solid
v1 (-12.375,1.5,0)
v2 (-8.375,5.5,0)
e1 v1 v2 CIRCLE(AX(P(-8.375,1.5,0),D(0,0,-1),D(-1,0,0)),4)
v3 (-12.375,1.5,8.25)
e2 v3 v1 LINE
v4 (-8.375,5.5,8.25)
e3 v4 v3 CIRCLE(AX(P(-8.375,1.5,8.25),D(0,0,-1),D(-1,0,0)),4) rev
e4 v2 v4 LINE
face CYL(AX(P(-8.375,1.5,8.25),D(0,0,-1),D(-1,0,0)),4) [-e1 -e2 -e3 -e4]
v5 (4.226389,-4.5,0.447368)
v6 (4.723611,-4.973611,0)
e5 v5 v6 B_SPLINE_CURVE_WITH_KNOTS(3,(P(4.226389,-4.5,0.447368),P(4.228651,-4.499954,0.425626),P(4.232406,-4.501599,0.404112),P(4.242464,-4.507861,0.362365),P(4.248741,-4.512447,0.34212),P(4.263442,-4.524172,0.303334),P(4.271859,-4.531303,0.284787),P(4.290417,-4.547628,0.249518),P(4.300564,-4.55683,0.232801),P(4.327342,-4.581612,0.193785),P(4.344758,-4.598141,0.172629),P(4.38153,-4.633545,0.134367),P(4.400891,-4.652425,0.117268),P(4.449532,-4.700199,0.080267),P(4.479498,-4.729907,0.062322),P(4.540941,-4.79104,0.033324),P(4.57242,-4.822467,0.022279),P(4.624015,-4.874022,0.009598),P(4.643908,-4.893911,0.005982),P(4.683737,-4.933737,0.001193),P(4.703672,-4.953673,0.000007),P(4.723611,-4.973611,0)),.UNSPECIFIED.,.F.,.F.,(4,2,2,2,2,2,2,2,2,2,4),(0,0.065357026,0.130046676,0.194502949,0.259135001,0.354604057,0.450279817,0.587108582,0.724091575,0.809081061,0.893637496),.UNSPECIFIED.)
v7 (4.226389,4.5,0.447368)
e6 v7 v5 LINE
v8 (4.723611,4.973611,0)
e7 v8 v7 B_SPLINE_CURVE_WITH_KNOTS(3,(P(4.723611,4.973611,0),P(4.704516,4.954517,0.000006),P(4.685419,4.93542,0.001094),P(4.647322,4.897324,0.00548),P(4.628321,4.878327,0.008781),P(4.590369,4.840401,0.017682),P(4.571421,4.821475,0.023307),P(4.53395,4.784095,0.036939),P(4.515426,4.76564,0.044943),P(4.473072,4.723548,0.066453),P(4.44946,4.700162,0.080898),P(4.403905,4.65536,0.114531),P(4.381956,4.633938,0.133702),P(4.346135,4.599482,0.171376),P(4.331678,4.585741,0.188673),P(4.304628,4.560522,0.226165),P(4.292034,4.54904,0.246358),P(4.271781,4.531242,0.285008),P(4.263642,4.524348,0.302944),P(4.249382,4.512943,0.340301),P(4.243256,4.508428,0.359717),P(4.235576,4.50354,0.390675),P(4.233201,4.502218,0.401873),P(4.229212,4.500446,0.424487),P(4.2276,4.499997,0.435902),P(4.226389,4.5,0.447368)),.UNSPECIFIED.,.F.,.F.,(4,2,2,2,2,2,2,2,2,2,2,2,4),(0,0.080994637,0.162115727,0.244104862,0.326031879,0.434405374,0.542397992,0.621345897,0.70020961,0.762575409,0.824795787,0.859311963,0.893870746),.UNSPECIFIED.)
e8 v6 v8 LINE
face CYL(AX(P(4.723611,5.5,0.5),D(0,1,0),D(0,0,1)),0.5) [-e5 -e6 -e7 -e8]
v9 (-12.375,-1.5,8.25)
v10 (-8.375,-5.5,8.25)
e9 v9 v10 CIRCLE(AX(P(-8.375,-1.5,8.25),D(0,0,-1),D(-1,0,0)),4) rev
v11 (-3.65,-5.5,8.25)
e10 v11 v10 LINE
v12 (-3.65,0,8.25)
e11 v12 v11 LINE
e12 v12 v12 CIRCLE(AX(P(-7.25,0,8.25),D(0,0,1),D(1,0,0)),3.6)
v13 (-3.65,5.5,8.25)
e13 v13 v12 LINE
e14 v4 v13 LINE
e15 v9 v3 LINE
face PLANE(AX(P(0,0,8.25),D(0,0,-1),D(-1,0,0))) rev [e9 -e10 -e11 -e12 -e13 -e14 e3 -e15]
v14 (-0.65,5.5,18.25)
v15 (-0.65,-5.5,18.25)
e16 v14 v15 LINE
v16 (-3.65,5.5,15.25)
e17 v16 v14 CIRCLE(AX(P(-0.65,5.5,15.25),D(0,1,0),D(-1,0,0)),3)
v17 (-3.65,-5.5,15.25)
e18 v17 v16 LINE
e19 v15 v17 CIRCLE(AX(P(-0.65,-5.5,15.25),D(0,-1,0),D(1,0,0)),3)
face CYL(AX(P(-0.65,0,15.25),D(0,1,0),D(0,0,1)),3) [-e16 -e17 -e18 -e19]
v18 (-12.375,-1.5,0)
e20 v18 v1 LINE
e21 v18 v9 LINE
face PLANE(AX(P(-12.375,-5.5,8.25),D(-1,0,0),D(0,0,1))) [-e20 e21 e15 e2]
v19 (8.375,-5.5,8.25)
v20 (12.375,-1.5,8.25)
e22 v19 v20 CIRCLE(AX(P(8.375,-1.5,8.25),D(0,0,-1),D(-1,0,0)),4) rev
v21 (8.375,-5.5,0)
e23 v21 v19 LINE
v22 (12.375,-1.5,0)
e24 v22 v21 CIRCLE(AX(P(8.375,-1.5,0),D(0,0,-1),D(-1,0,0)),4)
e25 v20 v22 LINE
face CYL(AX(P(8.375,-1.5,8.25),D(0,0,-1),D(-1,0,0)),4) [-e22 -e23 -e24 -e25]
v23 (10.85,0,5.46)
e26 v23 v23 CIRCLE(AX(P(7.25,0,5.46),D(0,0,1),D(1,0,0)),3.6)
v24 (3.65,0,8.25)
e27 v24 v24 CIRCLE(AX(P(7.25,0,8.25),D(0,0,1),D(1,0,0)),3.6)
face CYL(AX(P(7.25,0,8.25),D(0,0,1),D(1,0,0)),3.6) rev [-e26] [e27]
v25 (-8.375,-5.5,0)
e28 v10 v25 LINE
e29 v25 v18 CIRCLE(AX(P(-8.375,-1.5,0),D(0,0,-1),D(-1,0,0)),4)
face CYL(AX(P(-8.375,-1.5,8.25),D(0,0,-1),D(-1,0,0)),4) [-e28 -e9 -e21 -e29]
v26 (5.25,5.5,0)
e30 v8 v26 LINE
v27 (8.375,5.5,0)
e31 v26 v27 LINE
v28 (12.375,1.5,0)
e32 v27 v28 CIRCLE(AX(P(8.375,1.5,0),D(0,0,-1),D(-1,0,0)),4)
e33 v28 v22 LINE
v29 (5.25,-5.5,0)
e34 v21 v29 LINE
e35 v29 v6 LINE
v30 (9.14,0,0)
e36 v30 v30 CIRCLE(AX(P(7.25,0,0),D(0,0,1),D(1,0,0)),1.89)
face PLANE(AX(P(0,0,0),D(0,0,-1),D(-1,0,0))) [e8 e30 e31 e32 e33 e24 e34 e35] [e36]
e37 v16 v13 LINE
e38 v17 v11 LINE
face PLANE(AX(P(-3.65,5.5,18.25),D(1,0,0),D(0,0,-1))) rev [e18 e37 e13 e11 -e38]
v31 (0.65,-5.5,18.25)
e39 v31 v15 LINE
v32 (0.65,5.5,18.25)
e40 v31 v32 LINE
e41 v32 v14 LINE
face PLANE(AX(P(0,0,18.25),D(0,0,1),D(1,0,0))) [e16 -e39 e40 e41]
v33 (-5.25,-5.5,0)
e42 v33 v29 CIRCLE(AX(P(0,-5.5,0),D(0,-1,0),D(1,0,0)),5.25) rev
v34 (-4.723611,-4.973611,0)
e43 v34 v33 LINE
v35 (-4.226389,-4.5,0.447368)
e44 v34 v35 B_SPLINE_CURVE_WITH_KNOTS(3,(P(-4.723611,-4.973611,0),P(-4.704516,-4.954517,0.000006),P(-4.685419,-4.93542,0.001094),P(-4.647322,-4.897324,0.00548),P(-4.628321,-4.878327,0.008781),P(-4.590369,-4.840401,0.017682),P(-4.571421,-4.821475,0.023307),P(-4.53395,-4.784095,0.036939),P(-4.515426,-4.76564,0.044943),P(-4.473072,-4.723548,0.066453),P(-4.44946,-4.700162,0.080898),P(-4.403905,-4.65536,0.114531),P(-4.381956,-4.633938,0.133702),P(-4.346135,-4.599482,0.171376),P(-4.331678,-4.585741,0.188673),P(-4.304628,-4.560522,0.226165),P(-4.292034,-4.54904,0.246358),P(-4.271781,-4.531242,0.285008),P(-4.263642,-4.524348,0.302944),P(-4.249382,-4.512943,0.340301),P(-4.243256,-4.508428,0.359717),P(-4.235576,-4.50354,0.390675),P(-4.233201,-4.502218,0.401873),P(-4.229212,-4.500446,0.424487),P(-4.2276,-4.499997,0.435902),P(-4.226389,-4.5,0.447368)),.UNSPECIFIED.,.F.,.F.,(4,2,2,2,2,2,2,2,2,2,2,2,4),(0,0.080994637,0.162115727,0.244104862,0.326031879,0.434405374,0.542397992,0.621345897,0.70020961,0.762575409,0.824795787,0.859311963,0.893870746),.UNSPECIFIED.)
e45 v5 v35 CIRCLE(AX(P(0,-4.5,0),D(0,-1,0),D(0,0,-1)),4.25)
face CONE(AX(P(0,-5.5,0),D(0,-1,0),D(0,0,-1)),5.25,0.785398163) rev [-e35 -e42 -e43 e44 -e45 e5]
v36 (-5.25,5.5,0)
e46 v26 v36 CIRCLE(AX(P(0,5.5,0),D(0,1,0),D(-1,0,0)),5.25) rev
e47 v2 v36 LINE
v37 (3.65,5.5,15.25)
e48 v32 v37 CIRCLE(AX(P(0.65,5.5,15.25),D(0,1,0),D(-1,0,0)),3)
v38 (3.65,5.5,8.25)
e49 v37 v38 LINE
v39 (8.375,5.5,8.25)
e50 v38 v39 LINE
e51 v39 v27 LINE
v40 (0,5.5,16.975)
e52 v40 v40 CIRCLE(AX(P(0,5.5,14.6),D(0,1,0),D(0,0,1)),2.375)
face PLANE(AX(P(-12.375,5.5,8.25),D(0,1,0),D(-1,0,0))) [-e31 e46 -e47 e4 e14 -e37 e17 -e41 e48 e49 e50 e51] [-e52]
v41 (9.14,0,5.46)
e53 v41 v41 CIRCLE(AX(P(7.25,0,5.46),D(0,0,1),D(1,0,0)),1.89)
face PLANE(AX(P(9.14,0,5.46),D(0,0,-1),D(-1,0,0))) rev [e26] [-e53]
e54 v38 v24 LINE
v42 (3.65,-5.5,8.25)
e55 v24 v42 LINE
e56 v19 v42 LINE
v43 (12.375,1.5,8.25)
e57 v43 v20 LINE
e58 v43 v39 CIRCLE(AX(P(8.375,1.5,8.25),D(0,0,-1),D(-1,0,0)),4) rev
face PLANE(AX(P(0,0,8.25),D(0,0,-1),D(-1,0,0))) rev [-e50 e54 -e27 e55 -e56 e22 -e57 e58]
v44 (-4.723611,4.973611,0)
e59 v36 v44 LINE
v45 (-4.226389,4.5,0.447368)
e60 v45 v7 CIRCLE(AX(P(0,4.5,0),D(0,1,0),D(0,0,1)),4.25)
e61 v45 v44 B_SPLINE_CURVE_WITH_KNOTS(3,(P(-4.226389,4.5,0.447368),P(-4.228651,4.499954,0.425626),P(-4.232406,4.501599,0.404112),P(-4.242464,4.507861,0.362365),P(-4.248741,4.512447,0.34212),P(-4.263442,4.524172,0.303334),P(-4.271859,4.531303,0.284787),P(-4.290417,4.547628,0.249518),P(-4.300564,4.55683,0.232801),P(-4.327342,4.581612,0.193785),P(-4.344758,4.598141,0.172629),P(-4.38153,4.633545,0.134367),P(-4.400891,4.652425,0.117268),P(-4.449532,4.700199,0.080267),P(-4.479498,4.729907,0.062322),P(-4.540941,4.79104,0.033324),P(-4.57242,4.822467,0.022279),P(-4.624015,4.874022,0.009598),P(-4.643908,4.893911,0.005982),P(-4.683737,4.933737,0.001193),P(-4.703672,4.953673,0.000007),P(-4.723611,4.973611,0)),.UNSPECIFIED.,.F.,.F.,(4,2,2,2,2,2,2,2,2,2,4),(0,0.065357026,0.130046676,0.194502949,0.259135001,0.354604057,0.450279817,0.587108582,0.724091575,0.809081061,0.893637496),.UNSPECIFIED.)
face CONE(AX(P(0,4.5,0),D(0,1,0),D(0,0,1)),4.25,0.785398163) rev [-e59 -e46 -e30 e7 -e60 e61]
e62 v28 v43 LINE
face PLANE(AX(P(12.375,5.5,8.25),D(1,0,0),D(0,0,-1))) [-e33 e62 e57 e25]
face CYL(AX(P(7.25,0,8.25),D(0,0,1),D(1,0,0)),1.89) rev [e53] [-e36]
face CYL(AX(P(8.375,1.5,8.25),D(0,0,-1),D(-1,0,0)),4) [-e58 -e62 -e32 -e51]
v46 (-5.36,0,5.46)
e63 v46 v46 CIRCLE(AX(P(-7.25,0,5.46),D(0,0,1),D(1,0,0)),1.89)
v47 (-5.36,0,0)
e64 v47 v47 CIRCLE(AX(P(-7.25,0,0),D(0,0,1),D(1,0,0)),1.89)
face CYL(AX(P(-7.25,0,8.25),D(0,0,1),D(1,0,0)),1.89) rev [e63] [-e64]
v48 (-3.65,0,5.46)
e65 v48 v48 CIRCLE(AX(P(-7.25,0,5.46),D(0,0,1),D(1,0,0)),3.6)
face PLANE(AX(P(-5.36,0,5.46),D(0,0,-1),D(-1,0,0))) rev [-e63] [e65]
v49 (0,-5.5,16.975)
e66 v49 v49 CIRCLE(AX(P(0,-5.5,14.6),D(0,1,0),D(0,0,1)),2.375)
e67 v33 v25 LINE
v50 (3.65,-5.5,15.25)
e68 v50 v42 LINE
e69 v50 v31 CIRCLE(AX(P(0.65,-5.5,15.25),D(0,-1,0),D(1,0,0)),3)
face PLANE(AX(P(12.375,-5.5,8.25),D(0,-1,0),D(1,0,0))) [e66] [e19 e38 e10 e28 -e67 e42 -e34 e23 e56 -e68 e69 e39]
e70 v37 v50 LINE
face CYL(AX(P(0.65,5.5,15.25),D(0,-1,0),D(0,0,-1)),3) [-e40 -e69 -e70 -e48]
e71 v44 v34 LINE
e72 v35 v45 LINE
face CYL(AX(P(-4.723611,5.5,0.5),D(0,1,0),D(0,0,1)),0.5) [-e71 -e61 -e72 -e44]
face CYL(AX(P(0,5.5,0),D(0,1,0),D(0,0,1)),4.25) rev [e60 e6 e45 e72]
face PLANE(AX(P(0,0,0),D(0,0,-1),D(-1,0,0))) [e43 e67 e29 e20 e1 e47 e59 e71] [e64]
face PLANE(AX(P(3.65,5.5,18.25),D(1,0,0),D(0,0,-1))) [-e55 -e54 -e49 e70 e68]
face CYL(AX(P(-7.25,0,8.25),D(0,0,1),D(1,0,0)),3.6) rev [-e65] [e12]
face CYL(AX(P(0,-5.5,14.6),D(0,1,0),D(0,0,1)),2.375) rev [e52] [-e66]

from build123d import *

# Parameters (mm, degrees)
CROQUIS1_W                                           = 24.75
CROQUIS1_H                                           = 11
SALIENTE_EXTRUIR1_DEPTH                              = 8.25
REFRENTADO_PARA_TORNILLO_CON_CABEZA_HEXA_D           = 3.78
REFRENTADO_PARA_TORNILLO_CON_CABEZA_HEXA_DEPTH       = 8.25
REFRENTADO_PARA_TORNILLO_CON_CABEZA_HEXA_CBORE_D     = 7.2
REFRENTADO_PARA_TORNILLO_CON_CABEZA_HEXA_CBORE_DEPTH = 2.79
DI_METRO_DE_TALADRO_8_5_8_5_1_D                      = 8.5
DI_METRO_DE_TALADRO_8_5_8_5_1_DEPTH                  = 11
CHAFL_N1_SIZE                                        = 1
REDONDEO1_R                                          = 0.5
REDONDEO2_R                                          = 4
CROQUIS6_W                                           = 7.3
CROQUIS6_H                                           = 11
SALIENTE_EXTRUIR3_DEPTH                              = 10
CROQUIS7_R                                           = 2.375
CORTAR_EXTRUIR1_DEPTH                                = 6.5000001
CORTAR_EXTRUIR1_DEPTH_BACK                           = 6.5000001
REDONDEO3_R                                          = 3


with BuildPart() as part:
    # Croquis1 → Saliente-Extruir1 (new body)
    with BuildSketch(Plane(origin=(0, 0, 0), x_dir=(-1, 0, 0), z_dir=(0, 0, -1))):
        Rectangle(CROQUIS1_W, CROQUIS1_H)
    extrude(amount=-SALIENTE_EXTRUIR1_DEPTH)

    # Refrentado para tornillo con cabeza hexagonal de M3.51
    with Locations(Plane.XY.offset(8.25)):
        with Locations((-7.25, 0), (7.25, 0)):
            CounterBoreHole(REFRENTADO_PARA_TORNILLO_CON_CABEZA_HEXA_D / 2, REFRENTADO_PARA_TORNILLO_CON_CABEZA_HEXA_CBORE_D / 2, REFRENTADO_PARA_TORNILLO_CON_CABEZA_HEXA_CBORE_DEPTH, depth=REFRENTADO_PARA_TORNILLO_CON_CABEZA_HEXA_DEPTH)

    # Diámetro de taladro Ø8.5 (8.5)1
    with Locations(Plane(origin=(0, 5.5, 0), x_dir=(1, 0, 0), z_dir=(0, 1, 0))):
        with Locations((0, 0)):
            Hole(DI_METRO_DE_TALADRO_8_5_8_5_1_D / 2, depth=DI_METRO_DE_TALADRO_8_5_8_5_1_DEPTH)

    # Chaflán1
    chafl_n1_edges = [part.edges().sort_by_distance(p)[0] for p in [
        (0, 5.5, 4.25),
        (0, -5.5, 4.25),
    ]]
    chamfer(chafl_n1_edges, length=CHAFL_N1_SIZE)

    # Redondeo1
    redondeo1_edges = [part.edges().sort_by_distance(p)[0] for p in [
        (4.25, 0, 0),
        (-4.25, 0, 0),
    ]]
    fillet(redondeo1_edges, radius=REDONDEO1_R)

    # Redondeo2
    redondeo2_edges = [part.edges().sort_by_distance(p)[0] for p in [
        (-12.375, 5.5, 4.125),
        (-12.375, -5.5, 4.125),
        (12.375, -5.5, 4.125),
        (12.375, 5.5, 4.125),
    ]]
    fillet(redondeo2_edges, radius=REDONDEO2_R)

    # Croquis6 → Saliente-Extruir3 (add)
    with BuildSketch(Plane.XY.offset(8.25)):
        Rectangle(CROQUIS6_W, CROQUIS6_H)
    extrude(amount=SALIENTE_EXTRUIR3_DEPTH)

    # Croquis7 → Cortar-Extruir1 (cut, two sides)
    with BuildSketch(Plane(origin=(0, 0, 0), x_dir=(1, 0, 0), z_dir=(0, 1, 0))) as cortar_extruir1_sk:
        with Locations((0, -14.6)):
            Circle(CROQUIS7_R)
    extrude(amount=CORTAR_EXTRUIR1_DEPTH, mode=Mode.SUBTRACT)
    extrude(cortar_extruir1_sk.sketch, amount=-CORTAR_EXTRUIR1_DEPTH_BACK, mode=Mode.SUBTRACT)

    # Redondeo3
    redondeo3_edges = [part.edges().sort_by_distance(p)[0] for p in [
        (3.65, 0, 18.25),
        (-3.65, 0, 18.25),
    ]]
    fillet(redondeo3_edges, radius=REDONDEO3_R)


solid = part.part
